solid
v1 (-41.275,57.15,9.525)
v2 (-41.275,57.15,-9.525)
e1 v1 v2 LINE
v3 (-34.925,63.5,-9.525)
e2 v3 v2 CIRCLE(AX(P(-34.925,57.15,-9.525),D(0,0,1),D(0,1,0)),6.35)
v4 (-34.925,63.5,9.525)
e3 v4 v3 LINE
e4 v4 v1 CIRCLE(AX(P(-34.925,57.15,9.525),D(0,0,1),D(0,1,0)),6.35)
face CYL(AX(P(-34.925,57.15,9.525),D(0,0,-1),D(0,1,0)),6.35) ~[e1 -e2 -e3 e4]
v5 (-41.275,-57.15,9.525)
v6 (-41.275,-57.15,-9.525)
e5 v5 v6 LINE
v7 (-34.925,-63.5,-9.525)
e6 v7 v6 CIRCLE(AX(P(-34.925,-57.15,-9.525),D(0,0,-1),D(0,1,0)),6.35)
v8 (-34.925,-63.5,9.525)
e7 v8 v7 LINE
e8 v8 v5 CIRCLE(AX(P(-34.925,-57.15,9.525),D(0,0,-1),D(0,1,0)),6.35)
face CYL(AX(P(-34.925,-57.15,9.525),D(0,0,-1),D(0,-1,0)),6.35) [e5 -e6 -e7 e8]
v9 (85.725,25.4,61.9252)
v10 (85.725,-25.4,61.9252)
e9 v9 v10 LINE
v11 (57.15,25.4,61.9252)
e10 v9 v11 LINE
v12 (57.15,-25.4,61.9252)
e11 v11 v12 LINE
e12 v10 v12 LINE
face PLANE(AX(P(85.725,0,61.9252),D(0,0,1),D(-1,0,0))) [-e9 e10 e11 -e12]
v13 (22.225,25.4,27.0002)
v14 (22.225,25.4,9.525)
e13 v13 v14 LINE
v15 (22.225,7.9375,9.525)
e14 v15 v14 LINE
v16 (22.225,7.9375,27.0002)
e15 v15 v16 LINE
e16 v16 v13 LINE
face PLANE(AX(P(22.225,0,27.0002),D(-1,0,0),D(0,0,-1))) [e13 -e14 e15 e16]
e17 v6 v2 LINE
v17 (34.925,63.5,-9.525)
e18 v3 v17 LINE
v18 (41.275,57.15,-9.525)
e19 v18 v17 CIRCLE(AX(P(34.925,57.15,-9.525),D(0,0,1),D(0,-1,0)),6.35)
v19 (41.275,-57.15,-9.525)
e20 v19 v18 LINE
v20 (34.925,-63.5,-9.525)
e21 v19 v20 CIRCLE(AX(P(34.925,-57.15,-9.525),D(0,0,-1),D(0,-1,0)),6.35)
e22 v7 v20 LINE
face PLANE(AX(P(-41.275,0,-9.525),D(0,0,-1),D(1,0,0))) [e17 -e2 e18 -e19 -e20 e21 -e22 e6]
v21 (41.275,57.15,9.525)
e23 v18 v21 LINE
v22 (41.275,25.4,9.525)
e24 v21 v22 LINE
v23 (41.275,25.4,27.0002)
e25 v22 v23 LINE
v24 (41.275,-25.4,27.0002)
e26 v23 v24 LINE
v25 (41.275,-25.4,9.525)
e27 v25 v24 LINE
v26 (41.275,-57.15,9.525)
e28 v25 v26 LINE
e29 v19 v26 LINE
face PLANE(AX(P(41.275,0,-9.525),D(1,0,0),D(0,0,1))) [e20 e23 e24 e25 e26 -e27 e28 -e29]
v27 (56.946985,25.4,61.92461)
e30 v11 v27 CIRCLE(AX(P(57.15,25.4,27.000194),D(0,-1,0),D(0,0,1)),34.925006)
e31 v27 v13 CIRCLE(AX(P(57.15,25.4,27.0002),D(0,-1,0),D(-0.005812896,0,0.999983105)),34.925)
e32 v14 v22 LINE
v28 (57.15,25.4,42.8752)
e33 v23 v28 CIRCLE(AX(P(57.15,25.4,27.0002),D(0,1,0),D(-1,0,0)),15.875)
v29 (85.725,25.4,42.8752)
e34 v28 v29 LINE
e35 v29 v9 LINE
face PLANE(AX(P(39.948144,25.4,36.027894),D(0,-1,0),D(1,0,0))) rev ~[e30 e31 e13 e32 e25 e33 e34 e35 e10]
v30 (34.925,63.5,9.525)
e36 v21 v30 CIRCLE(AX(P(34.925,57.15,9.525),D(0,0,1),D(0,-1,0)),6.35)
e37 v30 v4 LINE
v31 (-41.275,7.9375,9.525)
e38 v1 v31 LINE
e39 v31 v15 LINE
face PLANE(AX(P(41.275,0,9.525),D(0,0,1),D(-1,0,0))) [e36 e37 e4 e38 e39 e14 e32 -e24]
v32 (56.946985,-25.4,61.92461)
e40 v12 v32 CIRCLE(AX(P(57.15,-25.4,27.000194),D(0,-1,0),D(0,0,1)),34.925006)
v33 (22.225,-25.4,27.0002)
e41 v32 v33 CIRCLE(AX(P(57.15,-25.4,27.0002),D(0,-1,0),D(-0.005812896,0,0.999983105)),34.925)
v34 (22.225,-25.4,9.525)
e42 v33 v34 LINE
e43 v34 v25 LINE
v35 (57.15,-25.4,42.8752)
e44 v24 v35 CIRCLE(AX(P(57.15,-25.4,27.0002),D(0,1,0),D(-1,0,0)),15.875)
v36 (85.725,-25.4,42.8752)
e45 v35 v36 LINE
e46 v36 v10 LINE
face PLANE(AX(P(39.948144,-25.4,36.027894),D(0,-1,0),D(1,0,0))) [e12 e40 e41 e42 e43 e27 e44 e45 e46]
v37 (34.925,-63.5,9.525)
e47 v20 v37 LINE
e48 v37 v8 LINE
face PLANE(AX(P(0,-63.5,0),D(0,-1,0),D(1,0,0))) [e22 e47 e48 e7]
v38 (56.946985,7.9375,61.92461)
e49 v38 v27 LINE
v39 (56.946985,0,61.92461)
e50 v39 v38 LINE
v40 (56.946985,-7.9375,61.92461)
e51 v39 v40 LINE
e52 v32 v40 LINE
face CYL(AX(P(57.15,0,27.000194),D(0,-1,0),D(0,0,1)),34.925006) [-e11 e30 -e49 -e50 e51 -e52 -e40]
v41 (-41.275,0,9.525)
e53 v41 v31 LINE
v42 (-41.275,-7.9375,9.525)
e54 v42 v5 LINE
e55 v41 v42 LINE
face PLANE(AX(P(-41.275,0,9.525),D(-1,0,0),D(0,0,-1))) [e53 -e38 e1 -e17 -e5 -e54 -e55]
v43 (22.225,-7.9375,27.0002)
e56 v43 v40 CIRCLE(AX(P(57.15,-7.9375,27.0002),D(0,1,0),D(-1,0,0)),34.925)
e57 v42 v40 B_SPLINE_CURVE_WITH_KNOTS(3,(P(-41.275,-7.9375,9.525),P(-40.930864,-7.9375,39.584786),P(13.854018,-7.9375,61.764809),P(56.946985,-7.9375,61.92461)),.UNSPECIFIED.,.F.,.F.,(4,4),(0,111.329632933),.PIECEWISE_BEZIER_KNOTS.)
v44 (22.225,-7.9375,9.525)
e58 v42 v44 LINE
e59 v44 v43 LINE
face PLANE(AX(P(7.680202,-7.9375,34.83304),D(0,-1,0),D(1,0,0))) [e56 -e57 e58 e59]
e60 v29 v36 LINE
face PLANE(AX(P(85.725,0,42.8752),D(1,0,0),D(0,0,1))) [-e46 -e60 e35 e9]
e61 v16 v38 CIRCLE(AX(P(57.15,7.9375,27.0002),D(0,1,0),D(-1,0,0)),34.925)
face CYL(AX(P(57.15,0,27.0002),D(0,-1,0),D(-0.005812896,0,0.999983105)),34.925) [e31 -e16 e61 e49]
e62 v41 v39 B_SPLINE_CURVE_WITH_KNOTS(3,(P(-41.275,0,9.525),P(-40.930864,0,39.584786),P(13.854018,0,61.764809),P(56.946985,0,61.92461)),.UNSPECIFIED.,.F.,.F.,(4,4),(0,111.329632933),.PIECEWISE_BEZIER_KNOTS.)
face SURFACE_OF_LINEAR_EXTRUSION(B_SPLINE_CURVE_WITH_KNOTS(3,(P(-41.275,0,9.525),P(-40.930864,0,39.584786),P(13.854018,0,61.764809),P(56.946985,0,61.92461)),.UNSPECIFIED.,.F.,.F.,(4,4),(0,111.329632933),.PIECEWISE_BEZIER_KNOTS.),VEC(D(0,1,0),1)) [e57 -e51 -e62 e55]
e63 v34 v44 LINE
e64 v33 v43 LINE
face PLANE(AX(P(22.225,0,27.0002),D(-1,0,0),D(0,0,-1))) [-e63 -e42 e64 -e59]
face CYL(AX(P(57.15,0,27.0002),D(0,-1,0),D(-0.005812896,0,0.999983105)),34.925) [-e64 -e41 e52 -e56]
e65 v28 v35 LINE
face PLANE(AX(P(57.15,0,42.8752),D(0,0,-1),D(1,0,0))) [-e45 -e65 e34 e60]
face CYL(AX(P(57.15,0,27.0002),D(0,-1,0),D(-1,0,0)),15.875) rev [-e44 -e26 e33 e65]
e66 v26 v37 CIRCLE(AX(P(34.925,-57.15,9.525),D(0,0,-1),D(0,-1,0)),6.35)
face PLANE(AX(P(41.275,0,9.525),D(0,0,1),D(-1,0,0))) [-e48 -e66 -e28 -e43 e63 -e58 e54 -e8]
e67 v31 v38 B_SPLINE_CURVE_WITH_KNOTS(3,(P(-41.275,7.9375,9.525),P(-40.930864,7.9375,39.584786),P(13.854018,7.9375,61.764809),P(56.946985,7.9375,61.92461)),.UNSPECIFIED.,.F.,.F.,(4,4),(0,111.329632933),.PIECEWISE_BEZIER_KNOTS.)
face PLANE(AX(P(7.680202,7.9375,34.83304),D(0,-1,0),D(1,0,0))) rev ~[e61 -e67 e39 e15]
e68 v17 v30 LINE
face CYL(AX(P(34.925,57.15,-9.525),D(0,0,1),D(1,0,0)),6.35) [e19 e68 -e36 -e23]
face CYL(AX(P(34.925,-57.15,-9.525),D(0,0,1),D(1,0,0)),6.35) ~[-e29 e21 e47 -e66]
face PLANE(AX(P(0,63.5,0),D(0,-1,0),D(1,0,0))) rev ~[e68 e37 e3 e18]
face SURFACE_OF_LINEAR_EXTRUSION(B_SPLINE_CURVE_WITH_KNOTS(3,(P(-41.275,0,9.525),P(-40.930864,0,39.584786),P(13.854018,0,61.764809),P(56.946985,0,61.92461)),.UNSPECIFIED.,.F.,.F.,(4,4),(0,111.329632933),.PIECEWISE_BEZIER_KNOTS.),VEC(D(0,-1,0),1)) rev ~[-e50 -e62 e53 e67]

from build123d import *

# Parameters (mm, degrees)
F1_DEPTH = 63.5
F0_W     = 25.4
F0_H     = 19.05
F2_DEPTH = 25.4
F3_DEPTH = 7.9375
F4_R     = 6.35


with BuildPart() as f1:
    # F0 (on Front) → F1 (new body, symmetric)
    with BuildSketch(Plane.XZ):
        Polygon((41.275, -9.525), (41.275, 9.525), (22.225, 9.525), (-41.275, 9.525), (-41.275, -9.525), align=None)
    extrude(amount=F1_DEPTH, both=True)

    # F0 (on Front) → F2 (join, symmetric)
    with BuildSketch(Plane.XZ):
        with BuildLine():
            Line((22.225, 9.525), (41.275, 9.525))
            Line((41.275, 9.525), (41.275, 27.0002))
            ThreePointArc((41.275, 27.0002), (45.9246798487, 38.2255201513), (57.15, 42.8752))
            Line((57.15, 42.8752), (60.325, 42.8752))
            Line((60.325, 42.8752), (60.325, 61.9252))
            Line((60.325, 61.9252), (57.15, 61.9252))
            ThreePointArc((57.15, 61.9252), (57.0484918683, 61.925052485), (56.9469845941, 61.9246099413))
            ThreePointArc((56.9469845941, 61.9246099413), (32.3826228876, 51.6240229358), (22.225, 27.0002))
            Line((22.225, 27.0002), (22.225, 9.525))
        make_face()
        with Locations((73.025, 52.4002)):
            Rectangle(F0_W, F0_H)
    extrude(amount=F2_DEPTH, both=True)

    # F0 (on Front) → F3 (join, symmetric)
    with BuildSketch(Plane.XZ):
        with BuildLine():
            Line((-41.275, 9.525), (22.225, 9.525))
            Line((22.225, 9.525), (22.225, 27.0002))
            ThreePointArc((22.225, 27.0002), (32.3826228876, 51.6240229358), (56.9469845941, 61.9246099413))
            add(Edge.make_bspline(
                [(-41.275, 9.525), (-40.930863954, 39.584786099), (13.8540179611, 61.7648086868), (56.9469845941, 61.9246099413)],
                knots=[0, 0, 0, 0, 111.3296329326, 111.3296329326, 111.3296329326, 111.3296329326], degree=3))
        make_face()
    extrude(amount=F3_DEPTH, both=True)

    # F4
    f4_edges = [f1.edges().sort_by_distance(p)[0] for p in [
        (-41.275, -63.5, 0),
        (41.275, -63.5, 0),
        (41.275, 63.5, 0),
        (-41.275, 63.5, 0),
    ]]
    fillet(f4_edges, radius=F4_R)


solid = f1.part
